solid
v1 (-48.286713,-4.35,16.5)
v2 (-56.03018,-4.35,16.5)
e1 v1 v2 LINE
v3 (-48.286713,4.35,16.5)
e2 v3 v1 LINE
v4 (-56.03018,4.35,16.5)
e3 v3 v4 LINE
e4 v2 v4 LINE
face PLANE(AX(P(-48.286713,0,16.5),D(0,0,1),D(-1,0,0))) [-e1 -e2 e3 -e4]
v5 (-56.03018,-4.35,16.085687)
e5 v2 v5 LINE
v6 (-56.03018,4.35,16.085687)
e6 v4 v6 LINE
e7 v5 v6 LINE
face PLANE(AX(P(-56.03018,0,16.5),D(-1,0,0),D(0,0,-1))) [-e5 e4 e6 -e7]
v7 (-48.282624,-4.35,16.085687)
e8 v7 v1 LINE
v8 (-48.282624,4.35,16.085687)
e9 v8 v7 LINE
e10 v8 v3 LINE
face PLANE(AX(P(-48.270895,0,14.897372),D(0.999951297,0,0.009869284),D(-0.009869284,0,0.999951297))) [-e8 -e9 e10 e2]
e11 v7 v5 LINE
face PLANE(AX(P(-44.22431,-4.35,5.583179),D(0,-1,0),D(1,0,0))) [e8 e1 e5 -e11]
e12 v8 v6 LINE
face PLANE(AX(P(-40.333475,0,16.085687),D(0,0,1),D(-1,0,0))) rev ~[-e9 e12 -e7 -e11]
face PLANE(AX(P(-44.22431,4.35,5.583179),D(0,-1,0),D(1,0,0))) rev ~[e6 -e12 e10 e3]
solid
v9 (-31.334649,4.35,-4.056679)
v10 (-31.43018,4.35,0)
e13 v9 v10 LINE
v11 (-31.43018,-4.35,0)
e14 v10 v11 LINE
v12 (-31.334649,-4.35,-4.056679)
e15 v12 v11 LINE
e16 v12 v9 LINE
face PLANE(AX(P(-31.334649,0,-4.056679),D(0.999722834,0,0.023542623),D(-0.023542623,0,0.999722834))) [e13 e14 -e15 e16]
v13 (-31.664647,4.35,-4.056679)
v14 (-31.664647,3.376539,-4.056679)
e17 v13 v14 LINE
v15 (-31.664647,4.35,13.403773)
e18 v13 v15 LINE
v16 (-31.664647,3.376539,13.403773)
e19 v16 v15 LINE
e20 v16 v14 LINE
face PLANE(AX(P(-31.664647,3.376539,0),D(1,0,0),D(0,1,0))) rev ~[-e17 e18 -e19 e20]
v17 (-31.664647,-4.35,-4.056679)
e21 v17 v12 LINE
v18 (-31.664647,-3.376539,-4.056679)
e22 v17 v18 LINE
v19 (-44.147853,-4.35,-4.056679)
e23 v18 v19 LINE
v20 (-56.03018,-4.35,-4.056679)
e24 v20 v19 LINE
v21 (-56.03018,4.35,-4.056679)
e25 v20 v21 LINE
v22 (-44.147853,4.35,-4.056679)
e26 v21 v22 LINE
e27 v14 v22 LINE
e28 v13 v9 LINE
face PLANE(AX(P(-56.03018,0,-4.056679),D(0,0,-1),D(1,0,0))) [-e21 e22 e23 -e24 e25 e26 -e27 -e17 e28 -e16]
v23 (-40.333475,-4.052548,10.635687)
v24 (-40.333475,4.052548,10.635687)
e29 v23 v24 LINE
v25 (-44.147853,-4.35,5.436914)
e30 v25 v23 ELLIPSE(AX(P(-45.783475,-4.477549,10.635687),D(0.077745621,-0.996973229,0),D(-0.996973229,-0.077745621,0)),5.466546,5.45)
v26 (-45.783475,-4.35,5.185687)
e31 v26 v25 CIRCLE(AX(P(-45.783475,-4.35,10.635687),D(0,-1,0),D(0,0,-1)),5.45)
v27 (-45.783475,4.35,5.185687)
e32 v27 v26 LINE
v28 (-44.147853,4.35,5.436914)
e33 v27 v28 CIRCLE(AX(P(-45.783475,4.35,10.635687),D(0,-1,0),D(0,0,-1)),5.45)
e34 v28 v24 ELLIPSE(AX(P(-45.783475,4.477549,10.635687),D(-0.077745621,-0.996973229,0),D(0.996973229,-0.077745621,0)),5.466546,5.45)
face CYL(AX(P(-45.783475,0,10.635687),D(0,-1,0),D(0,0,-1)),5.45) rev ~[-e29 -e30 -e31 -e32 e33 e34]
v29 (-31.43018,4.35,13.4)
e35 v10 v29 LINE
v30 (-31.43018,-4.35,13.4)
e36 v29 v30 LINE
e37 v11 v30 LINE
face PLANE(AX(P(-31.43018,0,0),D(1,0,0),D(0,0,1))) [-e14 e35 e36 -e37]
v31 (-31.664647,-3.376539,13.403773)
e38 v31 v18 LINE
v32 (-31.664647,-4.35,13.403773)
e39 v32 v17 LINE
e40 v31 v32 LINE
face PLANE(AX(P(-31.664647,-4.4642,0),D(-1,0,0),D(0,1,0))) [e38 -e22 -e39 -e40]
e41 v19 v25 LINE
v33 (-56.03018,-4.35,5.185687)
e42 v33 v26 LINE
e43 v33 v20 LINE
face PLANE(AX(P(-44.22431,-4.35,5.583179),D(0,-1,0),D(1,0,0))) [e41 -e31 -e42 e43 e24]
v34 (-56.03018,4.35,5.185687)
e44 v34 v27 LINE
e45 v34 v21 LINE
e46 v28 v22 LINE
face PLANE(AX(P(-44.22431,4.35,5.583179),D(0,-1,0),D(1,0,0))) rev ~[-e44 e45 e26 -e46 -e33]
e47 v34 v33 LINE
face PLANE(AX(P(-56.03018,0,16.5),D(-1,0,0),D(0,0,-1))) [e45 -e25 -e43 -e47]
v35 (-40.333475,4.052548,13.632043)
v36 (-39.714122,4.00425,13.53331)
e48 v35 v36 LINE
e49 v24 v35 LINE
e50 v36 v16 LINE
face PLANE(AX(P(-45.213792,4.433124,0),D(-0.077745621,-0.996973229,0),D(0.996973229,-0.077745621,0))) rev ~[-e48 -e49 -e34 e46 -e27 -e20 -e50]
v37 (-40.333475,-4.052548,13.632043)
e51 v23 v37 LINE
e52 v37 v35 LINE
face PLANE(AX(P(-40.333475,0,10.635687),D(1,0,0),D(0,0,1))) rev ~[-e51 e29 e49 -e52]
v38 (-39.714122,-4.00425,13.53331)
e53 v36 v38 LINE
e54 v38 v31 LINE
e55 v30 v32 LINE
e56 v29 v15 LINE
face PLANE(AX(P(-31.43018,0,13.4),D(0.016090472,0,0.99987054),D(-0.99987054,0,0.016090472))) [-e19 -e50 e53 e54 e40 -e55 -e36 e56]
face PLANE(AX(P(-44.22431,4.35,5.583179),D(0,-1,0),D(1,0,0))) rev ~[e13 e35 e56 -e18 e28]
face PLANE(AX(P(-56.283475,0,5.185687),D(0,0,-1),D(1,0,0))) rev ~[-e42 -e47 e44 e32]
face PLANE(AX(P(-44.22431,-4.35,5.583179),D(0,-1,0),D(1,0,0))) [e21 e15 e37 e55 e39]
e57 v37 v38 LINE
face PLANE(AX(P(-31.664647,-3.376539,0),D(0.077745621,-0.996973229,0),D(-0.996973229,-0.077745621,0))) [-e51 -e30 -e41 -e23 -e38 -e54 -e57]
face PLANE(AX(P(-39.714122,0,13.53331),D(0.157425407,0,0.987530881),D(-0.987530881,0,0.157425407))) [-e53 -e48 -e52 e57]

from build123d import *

# Parameters (mm, degrees)
F2_DEPTH = 4.35
F4_DEPTH = 13.75
F5_DEPTH = 10.5


with BuildPart() as f2:
    # F0 (on Front) → F2 (new body, symmetric)
    with BuildSketch(Plane.XZ):
        Polygon((-31.3346489608, -4.0566790849), (-31.4301803052, 0), (-31.4301803052, 13.4), (-39.7141215026, 13.5333097816), (-48.2708952457, 14.8973720267), (-48.2867128074, 16.5), (-56.0301803052, 16.5), (-56.0301803052, 0), (-56.0301803052, -4.0566790849), align=None)
    extrude(amount=F2_DEPTH, both=True)


with BuildPart() as f2b:
    # F1 (on Front) → F2, piece 2 (new body, symmetric)
    with BuildSketch(Plane.XZ):
        with BuildLine():
            Line((-45.7834748578, 16.0856869832), (-56.2834748578, 16.0856869832))
            Line((-56.2834748578, 16.0856869832), (-56.2834748578, 5.1856869832))
            Line((-56.2834748578, 5.1856869832), (-45.7834748578, 5.1856869832))
            ThreePointArc((-45.7834748578, 5.1856869832), (-41.9297429004, 6.7819550257), (-40.3334748578, 10.6356869832))
            ThreePointArc((-40.3334748578, 10.6356869832), (-41.9297429004, 14.4894189406), (-45.7834748578, 16.0856869832))
        make_face()
        with BuildLine():
            Line((-40.3334748578, 16.0856869832), (-45.7834748578, 16.0856869832))
            ThreePointArc((-45.7834748578, 16.0856869832), (-41.9297429004, 14.4894189406), (-40.3334748578, 10.6356869832))
            Line((-40.3334748578, 10.6356869832), (-40.3334748578, 16.0856869832))
        make_face()
    extrude(amount=F2_DEPTH, both=True)


with BuildPart() as f4_tool:
    # F3 (on Top) → F4 (new body, symmetric)
    with BuildSketch(Plane.XY):
        Polygon((-31.664647162, -3.3765389722), (-45.2137924731, -4.4331237346), (-31.664647162, -4.4641996406), align=None)
        Polygon((-31.664647162, 4.4641996406), (-45.2137924731, 4.4331237346), (-31.664647162, 3.3765389722), align=None)
    extrude(amount=F4_DEPTH, both=True)


with BuildPart() as f2_1:
    add(f2.part)

    # F4: cut by f4_tool
    add(f4_tool.part, mode=Mode.SUBTRACT)


with BuildPart() as f2b_1:
    add(f2b.part)

    # F4: cut by f4_tool
    add(f4_tool.part, mode=Mode.SUBTRACT)


with BuildPart() as f5_tool:
    # F1 (on Front) → F5 (new body, symmetric)
    with BuildSketch(Plane.XZ):
        with BuildLine():
            Line((-45.7834748578, 16.0856869832), (-56.2834748578, 16.0856869832))
            Line((-56.2834748578, 16.0856869832), (-56.2834748578, 5.1856869832))
            Line((-56.2834748578, 5.1856869832), (-45.7834748578, 5.1856869832))
            ThreePointArc((-45.7834748578, 5.1856869832), (-41.9297429004, 6.7819550257), (-40.3334748578, 10.6356869832))
            ThreePointArc((-40.3334748578, 10.6356869832), (-41.9297429004, 14.4894189406), (-45.7834748578, 16.0856869832))
        make_face()
        with BuildLine():
            Line((-40.3334748578, 16.0856869832), (-45.7834748578, 16.0856869832))
            ThreePointArc((-45.7834748578, 16.0856869832), (-41.9297429004, 14.4894189406), (-40.3334748578, 10.6356869832))
            Line((-40.3334748578, 10.6356869832), (-40.3334748578, 16.0856869832))
        make_face()
    extrude(amount=F5_DEPTH, both=True)


with BuildPart() as f2_2:
    add(f2_1.part)

    # F5: cut by f5_tool
    add(f5_tool.part, mode=Mode.SUBTRACT)


with BuildPart() as f2b_2:
    add(f2b_1.part)

    # F5: cut by f5_tool
    add(f5_tool.part, mode=Mode.SUBTRACT)


solid = f2_2.part
